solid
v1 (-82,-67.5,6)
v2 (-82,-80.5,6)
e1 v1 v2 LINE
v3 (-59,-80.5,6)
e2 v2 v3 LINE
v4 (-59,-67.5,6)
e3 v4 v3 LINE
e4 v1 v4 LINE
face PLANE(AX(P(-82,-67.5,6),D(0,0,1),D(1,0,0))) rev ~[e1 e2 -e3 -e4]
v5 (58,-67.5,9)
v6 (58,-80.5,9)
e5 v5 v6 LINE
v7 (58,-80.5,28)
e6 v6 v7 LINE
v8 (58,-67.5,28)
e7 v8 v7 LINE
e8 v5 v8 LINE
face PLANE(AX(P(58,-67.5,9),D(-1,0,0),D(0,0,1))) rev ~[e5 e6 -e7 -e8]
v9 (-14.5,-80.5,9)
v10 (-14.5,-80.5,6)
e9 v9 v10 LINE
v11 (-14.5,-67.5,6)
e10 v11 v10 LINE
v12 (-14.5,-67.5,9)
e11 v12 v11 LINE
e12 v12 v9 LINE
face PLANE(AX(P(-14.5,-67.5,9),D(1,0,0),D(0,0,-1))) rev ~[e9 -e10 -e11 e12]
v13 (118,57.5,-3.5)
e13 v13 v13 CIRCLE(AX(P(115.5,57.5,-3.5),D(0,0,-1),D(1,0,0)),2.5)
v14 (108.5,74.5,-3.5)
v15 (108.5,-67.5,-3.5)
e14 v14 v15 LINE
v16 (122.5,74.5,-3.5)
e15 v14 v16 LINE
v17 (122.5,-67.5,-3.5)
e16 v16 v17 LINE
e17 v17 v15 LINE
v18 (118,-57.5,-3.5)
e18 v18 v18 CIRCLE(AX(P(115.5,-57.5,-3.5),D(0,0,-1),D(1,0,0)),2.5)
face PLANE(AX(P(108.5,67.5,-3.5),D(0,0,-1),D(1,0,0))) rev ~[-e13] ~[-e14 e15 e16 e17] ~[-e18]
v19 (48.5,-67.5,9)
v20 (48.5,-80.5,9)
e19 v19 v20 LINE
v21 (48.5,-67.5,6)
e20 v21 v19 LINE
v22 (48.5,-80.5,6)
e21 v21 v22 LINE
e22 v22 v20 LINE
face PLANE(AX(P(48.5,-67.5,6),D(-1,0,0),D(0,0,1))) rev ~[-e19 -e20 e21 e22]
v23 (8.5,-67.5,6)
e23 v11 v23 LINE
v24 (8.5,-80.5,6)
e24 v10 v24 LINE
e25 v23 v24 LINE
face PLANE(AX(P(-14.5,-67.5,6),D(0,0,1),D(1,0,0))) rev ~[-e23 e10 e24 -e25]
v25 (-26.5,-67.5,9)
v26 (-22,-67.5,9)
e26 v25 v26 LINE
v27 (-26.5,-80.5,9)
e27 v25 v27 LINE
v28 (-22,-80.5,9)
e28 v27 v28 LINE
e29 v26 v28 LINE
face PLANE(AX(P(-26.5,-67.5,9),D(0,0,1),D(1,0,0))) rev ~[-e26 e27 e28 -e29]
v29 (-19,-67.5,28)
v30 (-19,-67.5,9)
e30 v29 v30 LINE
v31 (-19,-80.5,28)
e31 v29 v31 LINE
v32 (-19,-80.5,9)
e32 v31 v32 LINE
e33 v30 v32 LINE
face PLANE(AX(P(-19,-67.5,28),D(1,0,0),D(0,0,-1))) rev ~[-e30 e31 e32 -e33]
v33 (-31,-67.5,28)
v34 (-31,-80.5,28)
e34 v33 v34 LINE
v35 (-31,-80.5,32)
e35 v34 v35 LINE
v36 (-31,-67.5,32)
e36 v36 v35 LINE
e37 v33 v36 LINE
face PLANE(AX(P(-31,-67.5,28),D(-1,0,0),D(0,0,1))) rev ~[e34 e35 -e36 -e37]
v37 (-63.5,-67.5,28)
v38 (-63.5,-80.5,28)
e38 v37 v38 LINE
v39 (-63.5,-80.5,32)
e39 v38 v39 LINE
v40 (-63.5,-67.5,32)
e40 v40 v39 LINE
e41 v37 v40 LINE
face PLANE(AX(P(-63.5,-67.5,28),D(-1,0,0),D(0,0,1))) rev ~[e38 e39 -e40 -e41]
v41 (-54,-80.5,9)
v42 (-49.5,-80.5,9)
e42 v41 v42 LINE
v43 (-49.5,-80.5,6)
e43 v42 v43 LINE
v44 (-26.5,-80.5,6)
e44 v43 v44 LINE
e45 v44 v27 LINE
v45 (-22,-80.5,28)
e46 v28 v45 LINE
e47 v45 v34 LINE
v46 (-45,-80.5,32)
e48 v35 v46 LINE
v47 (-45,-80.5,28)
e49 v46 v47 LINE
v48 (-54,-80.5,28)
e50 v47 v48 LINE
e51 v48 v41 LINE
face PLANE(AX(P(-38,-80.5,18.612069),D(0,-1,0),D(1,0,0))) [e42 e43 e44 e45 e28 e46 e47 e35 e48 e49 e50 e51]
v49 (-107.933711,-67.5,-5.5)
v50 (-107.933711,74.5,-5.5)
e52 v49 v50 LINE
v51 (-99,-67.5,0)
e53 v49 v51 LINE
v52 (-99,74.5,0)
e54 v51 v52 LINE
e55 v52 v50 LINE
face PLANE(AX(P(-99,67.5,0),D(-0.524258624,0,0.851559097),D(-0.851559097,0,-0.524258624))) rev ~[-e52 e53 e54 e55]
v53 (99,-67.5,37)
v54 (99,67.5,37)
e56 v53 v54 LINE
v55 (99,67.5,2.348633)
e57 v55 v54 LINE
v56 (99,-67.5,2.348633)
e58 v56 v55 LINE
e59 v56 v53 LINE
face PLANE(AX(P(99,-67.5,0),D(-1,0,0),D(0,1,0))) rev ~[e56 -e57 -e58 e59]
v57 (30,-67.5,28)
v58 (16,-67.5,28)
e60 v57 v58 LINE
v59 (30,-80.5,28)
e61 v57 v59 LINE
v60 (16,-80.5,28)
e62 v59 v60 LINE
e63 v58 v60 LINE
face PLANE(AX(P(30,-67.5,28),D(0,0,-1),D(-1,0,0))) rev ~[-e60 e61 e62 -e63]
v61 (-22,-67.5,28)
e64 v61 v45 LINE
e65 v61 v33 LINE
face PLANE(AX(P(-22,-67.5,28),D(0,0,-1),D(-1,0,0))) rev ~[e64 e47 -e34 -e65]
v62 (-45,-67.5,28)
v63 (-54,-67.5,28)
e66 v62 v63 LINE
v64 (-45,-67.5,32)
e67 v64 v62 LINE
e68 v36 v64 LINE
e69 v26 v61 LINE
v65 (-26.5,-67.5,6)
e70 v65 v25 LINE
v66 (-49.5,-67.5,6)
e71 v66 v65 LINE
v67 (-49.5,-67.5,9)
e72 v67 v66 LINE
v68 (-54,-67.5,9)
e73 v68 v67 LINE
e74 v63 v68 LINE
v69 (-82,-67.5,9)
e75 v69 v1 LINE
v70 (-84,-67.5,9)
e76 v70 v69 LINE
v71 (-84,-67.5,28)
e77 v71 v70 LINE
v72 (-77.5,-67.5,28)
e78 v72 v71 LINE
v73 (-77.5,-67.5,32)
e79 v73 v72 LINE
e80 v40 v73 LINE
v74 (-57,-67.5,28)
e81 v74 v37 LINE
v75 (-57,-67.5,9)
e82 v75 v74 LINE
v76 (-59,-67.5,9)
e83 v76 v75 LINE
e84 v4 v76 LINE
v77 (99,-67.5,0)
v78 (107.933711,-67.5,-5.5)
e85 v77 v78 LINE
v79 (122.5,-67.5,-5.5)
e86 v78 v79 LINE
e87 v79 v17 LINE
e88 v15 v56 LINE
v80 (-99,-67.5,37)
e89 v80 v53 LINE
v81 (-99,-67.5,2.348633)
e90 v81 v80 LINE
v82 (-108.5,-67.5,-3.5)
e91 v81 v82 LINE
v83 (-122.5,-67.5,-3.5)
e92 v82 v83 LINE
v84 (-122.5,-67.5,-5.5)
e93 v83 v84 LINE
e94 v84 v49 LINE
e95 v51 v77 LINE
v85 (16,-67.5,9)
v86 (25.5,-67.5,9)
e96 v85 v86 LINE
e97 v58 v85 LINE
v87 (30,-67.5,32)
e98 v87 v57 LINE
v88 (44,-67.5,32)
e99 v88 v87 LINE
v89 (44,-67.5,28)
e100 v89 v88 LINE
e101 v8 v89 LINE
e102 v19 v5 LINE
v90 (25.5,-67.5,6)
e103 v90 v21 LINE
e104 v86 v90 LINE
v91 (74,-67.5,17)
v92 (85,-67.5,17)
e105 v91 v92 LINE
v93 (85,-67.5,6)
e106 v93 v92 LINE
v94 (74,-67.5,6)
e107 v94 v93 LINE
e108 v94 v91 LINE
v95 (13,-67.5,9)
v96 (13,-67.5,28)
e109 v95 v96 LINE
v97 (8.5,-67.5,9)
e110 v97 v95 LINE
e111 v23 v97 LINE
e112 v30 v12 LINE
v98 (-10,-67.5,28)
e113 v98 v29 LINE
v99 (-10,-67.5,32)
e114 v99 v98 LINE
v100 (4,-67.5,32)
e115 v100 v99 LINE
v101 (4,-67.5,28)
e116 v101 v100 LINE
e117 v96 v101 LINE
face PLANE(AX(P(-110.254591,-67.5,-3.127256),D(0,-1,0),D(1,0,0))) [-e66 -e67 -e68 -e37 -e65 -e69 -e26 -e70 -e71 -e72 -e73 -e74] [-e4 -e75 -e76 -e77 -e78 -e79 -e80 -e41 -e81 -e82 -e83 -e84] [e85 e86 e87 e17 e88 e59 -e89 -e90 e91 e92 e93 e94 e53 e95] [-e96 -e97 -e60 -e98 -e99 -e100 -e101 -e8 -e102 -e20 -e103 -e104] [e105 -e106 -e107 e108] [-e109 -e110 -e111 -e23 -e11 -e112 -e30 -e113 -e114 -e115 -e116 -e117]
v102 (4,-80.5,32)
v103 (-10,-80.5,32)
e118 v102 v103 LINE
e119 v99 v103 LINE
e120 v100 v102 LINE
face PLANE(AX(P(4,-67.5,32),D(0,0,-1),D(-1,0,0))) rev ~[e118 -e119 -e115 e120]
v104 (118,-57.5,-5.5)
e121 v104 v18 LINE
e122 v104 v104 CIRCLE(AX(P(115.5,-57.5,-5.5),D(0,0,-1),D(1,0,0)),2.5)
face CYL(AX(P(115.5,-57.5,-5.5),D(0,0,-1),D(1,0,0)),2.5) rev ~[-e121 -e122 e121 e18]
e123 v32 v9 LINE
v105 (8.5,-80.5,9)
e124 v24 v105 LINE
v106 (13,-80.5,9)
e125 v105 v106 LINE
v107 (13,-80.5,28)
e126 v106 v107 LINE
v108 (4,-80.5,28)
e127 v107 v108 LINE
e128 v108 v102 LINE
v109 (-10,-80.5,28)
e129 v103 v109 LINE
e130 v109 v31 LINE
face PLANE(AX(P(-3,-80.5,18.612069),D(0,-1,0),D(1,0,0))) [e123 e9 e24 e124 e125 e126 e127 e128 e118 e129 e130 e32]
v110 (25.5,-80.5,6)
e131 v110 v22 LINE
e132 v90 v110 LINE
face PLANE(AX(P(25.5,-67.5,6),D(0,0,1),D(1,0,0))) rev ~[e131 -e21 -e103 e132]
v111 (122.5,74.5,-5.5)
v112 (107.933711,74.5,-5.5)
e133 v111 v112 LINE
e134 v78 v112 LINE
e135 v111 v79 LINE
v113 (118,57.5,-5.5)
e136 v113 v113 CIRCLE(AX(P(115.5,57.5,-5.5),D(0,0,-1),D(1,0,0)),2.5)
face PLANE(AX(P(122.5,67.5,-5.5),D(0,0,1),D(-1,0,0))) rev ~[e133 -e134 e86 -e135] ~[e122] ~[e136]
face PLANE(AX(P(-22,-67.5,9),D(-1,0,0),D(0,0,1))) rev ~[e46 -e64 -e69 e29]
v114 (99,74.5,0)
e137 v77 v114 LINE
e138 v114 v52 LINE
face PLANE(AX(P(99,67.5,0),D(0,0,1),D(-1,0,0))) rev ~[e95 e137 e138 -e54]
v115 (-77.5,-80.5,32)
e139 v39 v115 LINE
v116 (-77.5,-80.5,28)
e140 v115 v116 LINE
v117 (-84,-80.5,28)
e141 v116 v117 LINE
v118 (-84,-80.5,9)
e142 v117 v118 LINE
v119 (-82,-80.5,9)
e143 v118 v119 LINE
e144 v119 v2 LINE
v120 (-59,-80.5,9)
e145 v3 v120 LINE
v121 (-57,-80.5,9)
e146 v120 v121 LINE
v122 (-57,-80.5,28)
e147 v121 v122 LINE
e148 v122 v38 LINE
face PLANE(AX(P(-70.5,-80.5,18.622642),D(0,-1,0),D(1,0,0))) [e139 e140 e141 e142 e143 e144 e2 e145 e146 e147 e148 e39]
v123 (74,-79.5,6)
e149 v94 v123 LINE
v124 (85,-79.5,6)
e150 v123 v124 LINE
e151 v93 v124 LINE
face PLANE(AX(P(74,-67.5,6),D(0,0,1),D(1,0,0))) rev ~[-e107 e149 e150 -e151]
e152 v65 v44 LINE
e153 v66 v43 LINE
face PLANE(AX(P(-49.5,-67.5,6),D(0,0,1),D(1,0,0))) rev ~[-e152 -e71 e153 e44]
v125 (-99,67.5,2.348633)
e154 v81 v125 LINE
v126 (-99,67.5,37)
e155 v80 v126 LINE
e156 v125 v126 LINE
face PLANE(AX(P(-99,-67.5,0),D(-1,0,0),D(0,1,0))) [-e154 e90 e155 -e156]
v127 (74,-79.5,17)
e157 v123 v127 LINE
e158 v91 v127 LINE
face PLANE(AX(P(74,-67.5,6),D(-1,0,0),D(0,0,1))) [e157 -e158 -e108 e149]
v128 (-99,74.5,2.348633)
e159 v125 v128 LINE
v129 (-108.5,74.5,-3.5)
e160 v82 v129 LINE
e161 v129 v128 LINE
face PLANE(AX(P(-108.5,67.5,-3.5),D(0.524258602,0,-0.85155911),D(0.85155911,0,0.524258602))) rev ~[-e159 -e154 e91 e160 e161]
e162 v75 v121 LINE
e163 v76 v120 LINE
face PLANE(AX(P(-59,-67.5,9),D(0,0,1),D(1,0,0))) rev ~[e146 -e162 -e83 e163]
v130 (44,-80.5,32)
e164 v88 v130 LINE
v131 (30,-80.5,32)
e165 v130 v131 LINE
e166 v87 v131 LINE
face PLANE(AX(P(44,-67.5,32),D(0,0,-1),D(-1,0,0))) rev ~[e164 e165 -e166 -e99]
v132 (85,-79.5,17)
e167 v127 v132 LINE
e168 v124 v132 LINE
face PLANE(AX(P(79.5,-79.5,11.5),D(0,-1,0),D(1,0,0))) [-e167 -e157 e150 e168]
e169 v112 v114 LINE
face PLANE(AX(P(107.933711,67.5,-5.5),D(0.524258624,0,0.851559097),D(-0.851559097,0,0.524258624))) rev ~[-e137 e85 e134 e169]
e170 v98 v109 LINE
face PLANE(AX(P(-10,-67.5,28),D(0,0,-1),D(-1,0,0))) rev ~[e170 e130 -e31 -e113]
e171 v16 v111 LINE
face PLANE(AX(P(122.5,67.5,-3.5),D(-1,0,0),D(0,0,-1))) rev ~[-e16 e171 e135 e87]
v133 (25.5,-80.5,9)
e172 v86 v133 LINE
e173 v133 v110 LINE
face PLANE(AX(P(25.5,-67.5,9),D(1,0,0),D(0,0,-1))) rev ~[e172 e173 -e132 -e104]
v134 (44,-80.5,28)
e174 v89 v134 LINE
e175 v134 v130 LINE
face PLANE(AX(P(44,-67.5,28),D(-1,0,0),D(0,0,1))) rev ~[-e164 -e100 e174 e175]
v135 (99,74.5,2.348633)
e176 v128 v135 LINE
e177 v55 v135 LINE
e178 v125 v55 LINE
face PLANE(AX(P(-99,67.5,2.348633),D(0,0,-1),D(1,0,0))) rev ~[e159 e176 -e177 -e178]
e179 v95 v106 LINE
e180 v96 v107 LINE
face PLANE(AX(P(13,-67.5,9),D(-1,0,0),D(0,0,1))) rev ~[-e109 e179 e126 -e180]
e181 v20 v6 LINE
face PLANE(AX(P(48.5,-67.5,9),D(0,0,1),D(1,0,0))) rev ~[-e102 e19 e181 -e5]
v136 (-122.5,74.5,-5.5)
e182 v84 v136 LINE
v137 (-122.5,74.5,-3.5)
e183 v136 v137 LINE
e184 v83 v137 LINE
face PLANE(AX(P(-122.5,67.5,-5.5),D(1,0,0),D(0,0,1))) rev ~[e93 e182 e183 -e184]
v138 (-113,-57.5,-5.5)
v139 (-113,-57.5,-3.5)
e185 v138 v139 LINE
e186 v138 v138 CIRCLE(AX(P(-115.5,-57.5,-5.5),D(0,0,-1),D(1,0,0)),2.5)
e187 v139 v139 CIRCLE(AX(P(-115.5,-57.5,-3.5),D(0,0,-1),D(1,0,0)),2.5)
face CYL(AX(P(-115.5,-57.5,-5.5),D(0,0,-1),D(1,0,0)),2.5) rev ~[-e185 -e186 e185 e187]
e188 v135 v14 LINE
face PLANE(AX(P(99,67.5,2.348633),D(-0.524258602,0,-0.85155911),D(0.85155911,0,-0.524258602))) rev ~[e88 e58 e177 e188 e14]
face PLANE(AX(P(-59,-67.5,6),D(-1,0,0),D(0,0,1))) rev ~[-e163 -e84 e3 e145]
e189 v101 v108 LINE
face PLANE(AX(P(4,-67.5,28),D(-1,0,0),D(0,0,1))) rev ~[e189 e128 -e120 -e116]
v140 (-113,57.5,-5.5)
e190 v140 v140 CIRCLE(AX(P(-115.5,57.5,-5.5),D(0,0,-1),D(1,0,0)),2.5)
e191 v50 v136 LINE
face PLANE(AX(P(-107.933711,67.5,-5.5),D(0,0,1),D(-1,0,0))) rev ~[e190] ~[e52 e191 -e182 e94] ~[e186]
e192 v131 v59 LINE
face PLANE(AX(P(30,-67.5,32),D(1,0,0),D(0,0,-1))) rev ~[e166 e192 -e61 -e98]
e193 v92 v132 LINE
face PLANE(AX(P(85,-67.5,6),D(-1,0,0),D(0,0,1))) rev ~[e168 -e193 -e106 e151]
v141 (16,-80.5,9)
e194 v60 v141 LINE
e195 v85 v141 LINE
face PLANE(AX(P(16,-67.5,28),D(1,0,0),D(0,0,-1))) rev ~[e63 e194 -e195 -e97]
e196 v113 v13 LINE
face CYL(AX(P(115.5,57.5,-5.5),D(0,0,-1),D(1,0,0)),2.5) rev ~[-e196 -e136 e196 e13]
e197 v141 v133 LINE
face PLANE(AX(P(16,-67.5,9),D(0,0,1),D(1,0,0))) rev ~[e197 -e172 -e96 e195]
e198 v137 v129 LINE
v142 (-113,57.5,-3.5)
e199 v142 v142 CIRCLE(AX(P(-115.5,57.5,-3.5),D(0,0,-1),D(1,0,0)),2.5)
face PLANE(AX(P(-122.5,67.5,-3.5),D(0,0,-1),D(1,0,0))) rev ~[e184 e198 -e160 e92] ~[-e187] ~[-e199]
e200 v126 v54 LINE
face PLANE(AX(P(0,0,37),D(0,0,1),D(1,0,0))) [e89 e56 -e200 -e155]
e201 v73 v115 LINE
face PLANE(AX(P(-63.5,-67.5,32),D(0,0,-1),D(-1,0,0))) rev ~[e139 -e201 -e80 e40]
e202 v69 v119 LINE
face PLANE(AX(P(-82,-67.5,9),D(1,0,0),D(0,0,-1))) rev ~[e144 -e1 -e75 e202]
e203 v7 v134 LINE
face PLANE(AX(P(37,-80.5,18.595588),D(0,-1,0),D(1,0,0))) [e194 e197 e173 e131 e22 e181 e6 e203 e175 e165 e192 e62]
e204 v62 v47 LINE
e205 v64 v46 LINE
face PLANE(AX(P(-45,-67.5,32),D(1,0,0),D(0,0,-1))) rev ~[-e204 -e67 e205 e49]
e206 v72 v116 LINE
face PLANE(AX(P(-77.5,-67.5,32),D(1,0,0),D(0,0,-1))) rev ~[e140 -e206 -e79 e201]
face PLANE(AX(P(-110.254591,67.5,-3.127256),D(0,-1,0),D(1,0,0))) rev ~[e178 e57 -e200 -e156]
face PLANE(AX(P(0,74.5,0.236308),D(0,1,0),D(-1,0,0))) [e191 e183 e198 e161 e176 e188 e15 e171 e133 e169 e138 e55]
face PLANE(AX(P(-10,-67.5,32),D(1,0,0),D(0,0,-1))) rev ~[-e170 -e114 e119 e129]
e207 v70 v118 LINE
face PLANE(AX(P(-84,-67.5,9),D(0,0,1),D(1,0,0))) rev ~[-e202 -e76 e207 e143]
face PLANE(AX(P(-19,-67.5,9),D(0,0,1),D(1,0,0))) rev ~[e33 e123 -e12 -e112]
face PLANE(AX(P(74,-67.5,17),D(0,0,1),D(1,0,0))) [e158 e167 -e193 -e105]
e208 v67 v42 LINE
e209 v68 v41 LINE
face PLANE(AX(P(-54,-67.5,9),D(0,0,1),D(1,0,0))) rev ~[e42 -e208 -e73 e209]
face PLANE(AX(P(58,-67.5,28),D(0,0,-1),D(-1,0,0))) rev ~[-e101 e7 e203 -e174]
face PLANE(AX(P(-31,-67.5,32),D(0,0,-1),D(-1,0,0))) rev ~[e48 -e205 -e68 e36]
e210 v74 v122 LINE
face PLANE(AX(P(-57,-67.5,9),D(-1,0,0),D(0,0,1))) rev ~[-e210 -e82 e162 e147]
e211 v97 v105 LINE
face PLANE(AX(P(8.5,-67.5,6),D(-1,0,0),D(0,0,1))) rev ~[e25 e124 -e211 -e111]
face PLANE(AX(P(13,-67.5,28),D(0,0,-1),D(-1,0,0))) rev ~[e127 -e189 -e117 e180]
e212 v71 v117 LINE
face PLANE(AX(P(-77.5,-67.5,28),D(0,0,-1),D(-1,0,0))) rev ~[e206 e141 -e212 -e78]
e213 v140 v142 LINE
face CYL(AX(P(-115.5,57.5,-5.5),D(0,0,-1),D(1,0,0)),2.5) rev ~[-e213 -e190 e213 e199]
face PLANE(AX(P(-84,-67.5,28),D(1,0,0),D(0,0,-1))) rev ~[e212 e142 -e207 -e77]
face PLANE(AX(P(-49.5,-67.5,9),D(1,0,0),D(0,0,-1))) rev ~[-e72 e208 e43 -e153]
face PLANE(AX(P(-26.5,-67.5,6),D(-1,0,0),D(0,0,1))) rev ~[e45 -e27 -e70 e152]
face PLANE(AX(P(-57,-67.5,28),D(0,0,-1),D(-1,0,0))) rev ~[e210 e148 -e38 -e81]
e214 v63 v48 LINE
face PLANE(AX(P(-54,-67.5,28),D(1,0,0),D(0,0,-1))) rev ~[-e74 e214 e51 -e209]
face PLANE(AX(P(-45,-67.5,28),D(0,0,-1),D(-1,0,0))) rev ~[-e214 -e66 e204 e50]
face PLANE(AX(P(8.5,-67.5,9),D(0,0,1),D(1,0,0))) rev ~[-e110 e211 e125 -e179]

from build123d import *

# Parameters (mm, degrees)
F0_W      = 198
F0_H      = 135
F1_DEPTH  = 37
F3_DEPTH  = 135
F4_R      = 2.5
F5_DEPTH  = 25
F7_DEPTH  = 7
F9_DEPTH  = 13
F10_W     = 11
F10_H     = 11
F11_DEPTH = 12


with BuildPart() as f1:
    # F0 (on Top) → F1 (new body)
    with BuildSketch(Plane.XY):
        Rectangle(F0_W, F0_H)
    extrude(amount=F1_DEPTH)

    # F2 (on face) → F3 (join, through all)
    with BuildSketch(Plane.XZ.offset(67.5)):
        Polygon((-108.5, -3.5), (-122.5, -3.5), (-122.5, -5.5), (-107.933711, -5.5), (-99, 0), (-99, 2.348633), align=None)
        Polygon((99, 2.348633), (99, 0), (107.933711, -5.5), (122.5, -5.5), (122.5, -3.5), (108.5, -3.5), align=None)
    extrude(amount=-F3_DEPTH)

    # F4 (on face) → F5 (cut)
    with BuildSketch(Plane(origin=(0, 0, -5.5), x_dir=(1, 0, 0), z_dir=(0, 0, -1))):
        with Locations((-115.5, 57.5)):
            Circle(F4_R)
        with Locations((-115.5, -57.5)):
            Circle(F4_R)
        with Locations((115.5, -57.5)):
            Circle(F4_R)
        with Locations((115.5, 57.5)):
            Circle(F4_R)
    extrude(amount=-F5_DEPTH, mode=Mode.SUBTRACT)

    # F6 (on face) → F7 (join)
    with BuildSketch(Plane(origin=(0, 67.5, 0), x_dir=(-1, 0, 0), z_dir=(0, 1, 0))):
        Polygon((-122.5, -5.5), (-107.933711, -5.5), (-99, 0), (99, 0), (107.933711, -5.5), (122.5, -5.5), (122.5, -3.5), (108.5, -3.5), (99, 2.348633), (-99, 2.348633), (-108.5, -3.5), (-122.5, -3.5), align=None)
    extrude(amount=F7_DEPTH)

    # F8 (on face) → F9 (join)
    with BuildSketch(Plane.XZ.offset(67.5)):
        Polygon((-77.5, 28), (-84, 28), (-84, 9), (-82, 9), (-82, 6), (-59, 6), (-59, 9), (-57, 9), (-57, 28), (-63.5, 28), (-63.5, 32), (-77.5, 32), align=None)
        Polygon((-45, 28), (-54, 28), (-54, 9), (-49.5, 9), (-49.5, 6), (-26.5, 6), (-26.5, 9), (-22, 9), (-22, 28), (-31, 28), (-31, 32), (-45, 32), align=None)
        Polygon((-10, 28), (-19, 28), (-19, 9), (-14.5, 9), (-14.5, 6), (8.5, 6), (8.5, 9), (13, 9), (13, 28), (4, 28), (4, 32), (-10, 32), align=None)
        Polygon((30, 28), (16, 28), (16, 9), (25.5, 9), (25.5, 6), (48.5, 6), (48.5, 9), (58, 9), (58, 28), (44, 28), (44, 32), (30, 32), align=None)
    extrude(amount=F9_DEPTH)

    # F10 (on face) → F11 (join)
    with BuildSketch(Plane.XZ.offset(67.5)):
        with Locations((79.5, 11.5)):
            Rectangle(F10_W, F10_H)
    extrude(amount=F11_DEPTH)


solid = f1.part
